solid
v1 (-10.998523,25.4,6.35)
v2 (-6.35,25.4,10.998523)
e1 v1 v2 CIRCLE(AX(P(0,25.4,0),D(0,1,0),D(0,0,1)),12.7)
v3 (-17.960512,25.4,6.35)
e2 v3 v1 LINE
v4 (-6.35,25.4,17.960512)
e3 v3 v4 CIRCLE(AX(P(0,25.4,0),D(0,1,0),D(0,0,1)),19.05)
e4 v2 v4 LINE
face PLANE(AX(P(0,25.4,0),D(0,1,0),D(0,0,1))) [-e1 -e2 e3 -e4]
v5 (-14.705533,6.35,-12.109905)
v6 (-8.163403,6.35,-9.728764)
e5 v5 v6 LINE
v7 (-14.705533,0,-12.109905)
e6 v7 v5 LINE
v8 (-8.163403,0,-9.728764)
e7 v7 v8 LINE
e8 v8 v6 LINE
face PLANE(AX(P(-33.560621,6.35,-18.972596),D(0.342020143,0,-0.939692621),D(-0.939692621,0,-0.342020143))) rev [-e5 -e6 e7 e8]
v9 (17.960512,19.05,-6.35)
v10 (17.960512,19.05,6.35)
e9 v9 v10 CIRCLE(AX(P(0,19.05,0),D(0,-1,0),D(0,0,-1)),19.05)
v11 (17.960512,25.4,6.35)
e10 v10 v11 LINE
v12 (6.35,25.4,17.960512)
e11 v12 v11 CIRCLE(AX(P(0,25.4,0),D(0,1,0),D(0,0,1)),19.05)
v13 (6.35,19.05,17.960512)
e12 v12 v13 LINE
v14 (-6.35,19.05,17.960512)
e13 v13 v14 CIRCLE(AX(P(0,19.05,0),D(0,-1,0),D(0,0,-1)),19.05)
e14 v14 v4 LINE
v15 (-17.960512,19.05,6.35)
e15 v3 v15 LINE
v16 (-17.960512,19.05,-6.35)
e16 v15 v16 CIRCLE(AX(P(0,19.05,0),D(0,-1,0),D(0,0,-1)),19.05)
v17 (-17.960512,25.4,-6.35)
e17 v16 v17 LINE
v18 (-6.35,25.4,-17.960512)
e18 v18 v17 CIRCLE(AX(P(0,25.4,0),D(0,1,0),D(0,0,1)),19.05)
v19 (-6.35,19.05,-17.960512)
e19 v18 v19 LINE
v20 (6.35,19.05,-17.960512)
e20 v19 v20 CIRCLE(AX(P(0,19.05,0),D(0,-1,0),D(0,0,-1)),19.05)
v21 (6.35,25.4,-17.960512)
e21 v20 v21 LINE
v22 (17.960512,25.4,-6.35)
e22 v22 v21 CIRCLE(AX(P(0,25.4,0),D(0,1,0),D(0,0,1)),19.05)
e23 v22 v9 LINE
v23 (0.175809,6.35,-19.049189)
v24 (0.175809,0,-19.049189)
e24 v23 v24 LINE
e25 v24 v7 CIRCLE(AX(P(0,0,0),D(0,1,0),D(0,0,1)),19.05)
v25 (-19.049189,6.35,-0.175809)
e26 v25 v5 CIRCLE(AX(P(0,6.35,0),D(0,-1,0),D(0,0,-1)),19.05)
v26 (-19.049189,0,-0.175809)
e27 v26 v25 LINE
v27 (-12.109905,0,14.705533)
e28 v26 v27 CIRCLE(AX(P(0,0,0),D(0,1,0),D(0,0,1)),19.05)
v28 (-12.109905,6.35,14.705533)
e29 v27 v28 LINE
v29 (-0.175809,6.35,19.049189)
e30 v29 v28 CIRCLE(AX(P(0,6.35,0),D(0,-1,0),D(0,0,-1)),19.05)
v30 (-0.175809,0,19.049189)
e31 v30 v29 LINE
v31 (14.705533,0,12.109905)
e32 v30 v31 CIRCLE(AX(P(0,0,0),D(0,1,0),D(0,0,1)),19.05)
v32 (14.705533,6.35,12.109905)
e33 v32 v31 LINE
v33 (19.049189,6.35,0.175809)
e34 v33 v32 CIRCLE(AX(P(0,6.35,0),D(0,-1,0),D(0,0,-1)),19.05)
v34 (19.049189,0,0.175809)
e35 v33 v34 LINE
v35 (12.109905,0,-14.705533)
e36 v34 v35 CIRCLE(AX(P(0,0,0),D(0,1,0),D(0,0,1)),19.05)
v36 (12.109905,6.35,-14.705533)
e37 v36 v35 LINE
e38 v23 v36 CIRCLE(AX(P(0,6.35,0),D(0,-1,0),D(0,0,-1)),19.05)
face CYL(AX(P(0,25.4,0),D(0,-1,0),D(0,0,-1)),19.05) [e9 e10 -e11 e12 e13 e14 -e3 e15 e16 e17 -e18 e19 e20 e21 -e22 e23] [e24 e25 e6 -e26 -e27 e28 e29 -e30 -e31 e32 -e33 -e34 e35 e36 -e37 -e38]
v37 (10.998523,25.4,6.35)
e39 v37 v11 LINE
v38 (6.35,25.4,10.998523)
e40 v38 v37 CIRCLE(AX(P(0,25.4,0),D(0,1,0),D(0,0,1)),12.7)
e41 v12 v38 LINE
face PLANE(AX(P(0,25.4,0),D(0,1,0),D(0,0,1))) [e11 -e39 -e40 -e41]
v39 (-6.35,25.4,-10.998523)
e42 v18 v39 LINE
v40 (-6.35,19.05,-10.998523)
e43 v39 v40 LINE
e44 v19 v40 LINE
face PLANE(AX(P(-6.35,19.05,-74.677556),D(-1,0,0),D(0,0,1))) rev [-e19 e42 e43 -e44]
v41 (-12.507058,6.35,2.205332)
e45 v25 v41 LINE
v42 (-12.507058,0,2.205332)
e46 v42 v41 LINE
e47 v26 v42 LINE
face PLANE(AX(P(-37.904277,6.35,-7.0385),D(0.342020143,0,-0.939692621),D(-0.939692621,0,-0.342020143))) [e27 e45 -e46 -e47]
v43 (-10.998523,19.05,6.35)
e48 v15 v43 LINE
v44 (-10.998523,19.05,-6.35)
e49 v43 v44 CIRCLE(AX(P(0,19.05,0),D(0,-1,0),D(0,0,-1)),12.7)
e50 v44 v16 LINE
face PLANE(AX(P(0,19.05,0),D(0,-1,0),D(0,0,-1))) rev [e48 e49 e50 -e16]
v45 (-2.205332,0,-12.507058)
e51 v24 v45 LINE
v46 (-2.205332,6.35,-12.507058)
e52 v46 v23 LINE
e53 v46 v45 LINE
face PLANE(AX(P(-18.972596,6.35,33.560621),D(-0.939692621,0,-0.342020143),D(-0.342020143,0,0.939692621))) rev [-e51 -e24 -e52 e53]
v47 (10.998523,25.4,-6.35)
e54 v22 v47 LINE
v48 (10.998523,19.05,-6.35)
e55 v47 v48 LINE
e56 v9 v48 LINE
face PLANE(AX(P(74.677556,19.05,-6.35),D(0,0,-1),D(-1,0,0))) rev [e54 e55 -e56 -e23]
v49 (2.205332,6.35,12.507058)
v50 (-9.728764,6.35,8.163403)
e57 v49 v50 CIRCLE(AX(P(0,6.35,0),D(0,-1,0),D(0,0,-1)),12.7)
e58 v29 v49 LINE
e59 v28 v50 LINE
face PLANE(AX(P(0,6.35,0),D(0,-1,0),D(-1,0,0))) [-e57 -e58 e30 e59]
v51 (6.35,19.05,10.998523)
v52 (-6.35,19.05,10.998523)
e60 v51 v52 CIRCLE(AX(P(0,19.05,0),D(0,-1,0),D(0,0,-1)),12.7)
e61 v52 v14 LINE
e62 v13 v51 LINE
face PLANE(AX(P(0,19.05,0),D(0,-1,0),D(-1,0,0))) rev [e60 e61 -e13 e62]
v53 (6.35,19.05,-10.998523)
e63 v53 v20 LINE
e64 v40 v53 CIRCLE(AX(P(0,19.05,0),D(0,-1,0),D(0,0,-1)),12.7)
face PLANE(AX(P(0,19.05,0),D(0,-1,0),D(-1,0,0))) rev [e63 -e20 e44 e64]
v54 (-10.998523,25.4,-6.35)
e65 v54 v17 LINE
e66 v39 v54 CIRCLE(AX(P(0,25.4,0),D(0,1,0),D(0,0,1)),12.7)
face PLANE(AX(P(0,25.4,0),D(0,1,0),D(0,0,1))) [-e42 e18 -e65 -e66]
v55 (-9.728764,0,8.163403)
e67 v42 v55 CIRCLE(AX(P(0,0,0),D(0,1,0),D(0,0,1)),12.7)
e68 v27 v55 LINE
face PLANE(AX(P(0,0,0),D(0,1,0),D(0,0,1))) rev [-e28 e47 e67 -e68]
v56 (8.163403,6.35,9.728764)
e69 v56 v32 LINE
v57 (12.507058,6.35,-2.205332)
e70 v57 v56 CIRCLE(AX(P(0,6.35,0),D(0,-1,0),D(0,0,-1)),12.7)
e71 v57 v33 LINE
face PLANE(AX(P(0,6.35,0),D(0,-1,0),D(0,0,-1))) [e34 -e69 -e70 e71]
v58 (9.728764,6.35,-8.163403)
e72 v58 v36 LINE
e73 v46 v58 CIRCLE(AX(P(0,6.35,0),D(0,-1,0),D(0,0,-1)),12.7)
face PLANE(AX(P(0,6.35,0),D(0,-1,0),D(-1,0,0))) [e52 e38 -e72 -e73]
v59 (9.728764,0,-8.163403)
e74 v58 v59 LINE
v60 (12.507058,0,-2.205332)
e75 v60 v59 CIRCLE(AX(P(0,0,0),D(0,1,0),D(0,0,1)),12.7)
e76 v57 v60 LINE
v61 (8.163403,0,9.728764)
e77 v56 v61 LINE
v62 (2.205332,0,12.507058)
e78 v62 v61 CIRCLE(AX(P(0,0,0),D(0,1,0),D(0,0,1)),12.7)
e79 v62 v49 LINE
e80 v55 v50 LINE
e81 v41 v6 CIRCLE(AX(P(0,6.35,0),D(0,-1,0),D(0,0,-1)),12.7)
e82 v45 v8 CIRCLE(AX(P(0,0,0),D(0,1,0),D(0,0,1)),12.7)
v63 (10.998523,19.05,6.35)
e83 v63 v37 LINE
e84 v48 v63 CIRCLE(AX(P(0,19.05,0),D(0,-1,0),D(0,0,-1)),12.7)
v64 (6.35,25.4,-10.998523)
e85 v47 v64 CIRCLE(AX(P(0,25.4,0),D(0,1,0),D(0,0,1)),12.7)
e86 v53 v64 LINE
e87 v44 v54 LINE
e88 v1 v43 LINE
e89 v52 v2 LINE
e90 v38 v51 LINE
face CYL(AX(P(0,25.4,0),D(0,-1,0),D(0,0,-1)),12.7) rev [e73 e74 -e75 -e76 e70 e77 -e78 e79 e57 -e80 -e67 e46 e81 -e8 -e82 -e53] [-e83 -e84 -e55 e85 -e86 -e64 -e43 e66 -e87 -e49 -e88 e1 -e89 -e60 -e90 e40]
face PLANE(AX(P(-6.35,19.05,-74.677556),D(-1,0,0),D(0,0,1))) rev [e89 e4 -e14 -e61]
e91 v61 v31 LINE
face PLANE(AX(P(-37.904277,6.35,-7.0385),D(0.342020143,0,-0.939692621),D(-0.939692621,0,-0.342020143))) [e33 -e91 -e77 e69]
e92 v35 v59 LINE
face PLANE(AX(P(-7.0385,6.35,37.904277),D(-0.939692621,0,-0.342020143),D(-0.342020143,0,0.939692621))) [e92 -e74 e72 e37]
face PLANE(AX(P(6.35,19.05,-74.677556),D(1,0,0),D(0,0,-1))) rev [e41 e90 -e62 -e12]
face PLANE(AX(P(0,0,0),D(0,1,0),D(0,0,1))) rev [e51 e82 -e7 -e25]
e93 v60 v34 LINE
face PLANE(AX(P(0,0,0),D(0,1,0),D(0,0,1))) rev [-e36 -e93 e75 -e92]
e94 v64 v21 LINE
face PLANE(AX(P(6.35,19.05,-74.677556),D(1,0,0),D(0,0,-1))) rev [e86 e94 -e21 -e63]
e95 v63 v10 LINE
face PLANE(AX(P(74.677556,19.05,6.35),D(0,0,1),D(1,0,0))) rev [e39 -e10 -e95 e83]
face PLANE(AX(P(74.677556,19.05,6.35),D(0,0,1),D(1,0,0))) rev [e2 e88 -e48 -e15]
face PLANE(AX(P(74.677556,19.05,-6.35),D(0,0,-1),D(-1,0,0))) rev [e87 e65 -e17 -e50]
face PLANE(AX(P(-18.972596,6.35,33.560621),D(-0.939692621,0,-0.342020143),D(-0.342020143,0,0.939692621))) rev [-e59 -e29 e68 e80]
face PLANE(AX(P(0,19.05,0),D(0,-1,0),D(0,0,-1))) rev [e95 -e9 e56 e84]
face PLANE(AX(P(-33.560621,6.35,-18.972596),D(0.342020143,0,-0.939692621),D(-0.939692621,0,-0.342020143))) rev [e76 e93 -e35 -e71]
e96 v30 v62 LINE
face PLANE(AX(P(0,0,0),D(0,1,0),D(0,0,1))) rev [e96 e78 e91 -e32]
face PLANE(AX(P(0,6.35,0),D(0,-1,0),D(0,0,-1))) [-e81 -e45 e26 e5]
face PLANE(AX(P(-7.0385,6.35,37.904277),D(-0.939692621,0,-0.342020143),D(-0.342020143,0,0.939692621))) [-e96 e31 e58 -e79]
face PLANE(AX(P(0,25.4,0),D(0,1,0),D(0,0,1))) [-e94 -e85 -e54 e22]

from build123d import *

# Parameters (mm, degrees)
SKETCH2_R           = 19.05
SKETCH2_R_2         = 12.7
BOSS_EXTRUDE2_DEPTH = 25.4
SKETCH4_W           = 149.355111522
SKETCH4_H           = 12.7
CUT_EXTRUDE7_DEPTH  = 6.35
CIRPATTERN1_COUNT   = 2
CIRPATTERN1_ANGLE   = 90
CUT_EXTRUDE9_DEPTH  = 6.35
CIRPATTERN2_COUNT   = 2
CIRPATTERN2_ANGLE   = 90


with BuildPart() as part:
    # Sketch2 → Boss-Extrude2 (new body)
    with BuildSketch(Plane(origin=(0, 0, 0), x_dir=(1, 0, 0), z_dir=(0, 1, 0))):
        with Locations(Location((0, 0, 0), (0, 0, 270))):
            Circle(SKETCH2_R)
        with Locations(Location((0, 0, 0), (0, 0, 270))):
            Circle(SKETCH2_R_2, mode=Mode.SUBTRACT)
    extrude(amount=BOSS_EXTRUDE2_DEPTH)

    # Sketch4 → Cut-Extrude7 (cut)
    with BuildSketch(Plane(origin=(0, 25.4, 0), x_dir=(1, 0, 0), z_dir=(0, 1, 0))):
        Rectangle(SKETCH4_W, SKETCH4_H)
    cut_extrude7 = extrude(amount=-CUT_EXTRUDE7_DEPTH, mode=Mode.SUBTRACT)

    # CirPattern1: Cut-Extrude7 ×2 about axis
    cirpattern1_axis = Axis((0, 25.4, 0), (0, 1, 0))
    for i in range(1, CIRPATTERN1_COUNT):
        add(cut_extrude7.rotate(cirpattern1_axis, i * CIRPATTERN1_ANGLE / (CIRPATTERN1_COUNT - 1)), mode=Mode.SUBTRACT)

    # Sketch8 → Cut-Extrude9 (cut)
    with BuildSketch(Plane.XZ):
        Polygon((-37.904276641, -7.038499593), (33.560620821, 18.972595877), (37.904276641, 7.038499593), (-33.560620821, -18.972595877), align=None)
    cut_extrude9 = extrude(amount=-CUT_EXTRUDE9_DEPTH, mode=Mode.SUBTRACT)

    # CirPattern2: Cut-Extrude9 ×2 about axis
    cirpattern2_axis = Axis((0, 0, 0), (0, 1, 0))
    for i in range(1, CIRPATTERN2_COUNT):
        add(cut_extrude9.rotate(cirpattern2_axis, i * CIRPATTERN2_ANGLE / (CIRPATTERN2_COUNT - 1)), mode=Mode.SUBTRACT)


solid = part.part
